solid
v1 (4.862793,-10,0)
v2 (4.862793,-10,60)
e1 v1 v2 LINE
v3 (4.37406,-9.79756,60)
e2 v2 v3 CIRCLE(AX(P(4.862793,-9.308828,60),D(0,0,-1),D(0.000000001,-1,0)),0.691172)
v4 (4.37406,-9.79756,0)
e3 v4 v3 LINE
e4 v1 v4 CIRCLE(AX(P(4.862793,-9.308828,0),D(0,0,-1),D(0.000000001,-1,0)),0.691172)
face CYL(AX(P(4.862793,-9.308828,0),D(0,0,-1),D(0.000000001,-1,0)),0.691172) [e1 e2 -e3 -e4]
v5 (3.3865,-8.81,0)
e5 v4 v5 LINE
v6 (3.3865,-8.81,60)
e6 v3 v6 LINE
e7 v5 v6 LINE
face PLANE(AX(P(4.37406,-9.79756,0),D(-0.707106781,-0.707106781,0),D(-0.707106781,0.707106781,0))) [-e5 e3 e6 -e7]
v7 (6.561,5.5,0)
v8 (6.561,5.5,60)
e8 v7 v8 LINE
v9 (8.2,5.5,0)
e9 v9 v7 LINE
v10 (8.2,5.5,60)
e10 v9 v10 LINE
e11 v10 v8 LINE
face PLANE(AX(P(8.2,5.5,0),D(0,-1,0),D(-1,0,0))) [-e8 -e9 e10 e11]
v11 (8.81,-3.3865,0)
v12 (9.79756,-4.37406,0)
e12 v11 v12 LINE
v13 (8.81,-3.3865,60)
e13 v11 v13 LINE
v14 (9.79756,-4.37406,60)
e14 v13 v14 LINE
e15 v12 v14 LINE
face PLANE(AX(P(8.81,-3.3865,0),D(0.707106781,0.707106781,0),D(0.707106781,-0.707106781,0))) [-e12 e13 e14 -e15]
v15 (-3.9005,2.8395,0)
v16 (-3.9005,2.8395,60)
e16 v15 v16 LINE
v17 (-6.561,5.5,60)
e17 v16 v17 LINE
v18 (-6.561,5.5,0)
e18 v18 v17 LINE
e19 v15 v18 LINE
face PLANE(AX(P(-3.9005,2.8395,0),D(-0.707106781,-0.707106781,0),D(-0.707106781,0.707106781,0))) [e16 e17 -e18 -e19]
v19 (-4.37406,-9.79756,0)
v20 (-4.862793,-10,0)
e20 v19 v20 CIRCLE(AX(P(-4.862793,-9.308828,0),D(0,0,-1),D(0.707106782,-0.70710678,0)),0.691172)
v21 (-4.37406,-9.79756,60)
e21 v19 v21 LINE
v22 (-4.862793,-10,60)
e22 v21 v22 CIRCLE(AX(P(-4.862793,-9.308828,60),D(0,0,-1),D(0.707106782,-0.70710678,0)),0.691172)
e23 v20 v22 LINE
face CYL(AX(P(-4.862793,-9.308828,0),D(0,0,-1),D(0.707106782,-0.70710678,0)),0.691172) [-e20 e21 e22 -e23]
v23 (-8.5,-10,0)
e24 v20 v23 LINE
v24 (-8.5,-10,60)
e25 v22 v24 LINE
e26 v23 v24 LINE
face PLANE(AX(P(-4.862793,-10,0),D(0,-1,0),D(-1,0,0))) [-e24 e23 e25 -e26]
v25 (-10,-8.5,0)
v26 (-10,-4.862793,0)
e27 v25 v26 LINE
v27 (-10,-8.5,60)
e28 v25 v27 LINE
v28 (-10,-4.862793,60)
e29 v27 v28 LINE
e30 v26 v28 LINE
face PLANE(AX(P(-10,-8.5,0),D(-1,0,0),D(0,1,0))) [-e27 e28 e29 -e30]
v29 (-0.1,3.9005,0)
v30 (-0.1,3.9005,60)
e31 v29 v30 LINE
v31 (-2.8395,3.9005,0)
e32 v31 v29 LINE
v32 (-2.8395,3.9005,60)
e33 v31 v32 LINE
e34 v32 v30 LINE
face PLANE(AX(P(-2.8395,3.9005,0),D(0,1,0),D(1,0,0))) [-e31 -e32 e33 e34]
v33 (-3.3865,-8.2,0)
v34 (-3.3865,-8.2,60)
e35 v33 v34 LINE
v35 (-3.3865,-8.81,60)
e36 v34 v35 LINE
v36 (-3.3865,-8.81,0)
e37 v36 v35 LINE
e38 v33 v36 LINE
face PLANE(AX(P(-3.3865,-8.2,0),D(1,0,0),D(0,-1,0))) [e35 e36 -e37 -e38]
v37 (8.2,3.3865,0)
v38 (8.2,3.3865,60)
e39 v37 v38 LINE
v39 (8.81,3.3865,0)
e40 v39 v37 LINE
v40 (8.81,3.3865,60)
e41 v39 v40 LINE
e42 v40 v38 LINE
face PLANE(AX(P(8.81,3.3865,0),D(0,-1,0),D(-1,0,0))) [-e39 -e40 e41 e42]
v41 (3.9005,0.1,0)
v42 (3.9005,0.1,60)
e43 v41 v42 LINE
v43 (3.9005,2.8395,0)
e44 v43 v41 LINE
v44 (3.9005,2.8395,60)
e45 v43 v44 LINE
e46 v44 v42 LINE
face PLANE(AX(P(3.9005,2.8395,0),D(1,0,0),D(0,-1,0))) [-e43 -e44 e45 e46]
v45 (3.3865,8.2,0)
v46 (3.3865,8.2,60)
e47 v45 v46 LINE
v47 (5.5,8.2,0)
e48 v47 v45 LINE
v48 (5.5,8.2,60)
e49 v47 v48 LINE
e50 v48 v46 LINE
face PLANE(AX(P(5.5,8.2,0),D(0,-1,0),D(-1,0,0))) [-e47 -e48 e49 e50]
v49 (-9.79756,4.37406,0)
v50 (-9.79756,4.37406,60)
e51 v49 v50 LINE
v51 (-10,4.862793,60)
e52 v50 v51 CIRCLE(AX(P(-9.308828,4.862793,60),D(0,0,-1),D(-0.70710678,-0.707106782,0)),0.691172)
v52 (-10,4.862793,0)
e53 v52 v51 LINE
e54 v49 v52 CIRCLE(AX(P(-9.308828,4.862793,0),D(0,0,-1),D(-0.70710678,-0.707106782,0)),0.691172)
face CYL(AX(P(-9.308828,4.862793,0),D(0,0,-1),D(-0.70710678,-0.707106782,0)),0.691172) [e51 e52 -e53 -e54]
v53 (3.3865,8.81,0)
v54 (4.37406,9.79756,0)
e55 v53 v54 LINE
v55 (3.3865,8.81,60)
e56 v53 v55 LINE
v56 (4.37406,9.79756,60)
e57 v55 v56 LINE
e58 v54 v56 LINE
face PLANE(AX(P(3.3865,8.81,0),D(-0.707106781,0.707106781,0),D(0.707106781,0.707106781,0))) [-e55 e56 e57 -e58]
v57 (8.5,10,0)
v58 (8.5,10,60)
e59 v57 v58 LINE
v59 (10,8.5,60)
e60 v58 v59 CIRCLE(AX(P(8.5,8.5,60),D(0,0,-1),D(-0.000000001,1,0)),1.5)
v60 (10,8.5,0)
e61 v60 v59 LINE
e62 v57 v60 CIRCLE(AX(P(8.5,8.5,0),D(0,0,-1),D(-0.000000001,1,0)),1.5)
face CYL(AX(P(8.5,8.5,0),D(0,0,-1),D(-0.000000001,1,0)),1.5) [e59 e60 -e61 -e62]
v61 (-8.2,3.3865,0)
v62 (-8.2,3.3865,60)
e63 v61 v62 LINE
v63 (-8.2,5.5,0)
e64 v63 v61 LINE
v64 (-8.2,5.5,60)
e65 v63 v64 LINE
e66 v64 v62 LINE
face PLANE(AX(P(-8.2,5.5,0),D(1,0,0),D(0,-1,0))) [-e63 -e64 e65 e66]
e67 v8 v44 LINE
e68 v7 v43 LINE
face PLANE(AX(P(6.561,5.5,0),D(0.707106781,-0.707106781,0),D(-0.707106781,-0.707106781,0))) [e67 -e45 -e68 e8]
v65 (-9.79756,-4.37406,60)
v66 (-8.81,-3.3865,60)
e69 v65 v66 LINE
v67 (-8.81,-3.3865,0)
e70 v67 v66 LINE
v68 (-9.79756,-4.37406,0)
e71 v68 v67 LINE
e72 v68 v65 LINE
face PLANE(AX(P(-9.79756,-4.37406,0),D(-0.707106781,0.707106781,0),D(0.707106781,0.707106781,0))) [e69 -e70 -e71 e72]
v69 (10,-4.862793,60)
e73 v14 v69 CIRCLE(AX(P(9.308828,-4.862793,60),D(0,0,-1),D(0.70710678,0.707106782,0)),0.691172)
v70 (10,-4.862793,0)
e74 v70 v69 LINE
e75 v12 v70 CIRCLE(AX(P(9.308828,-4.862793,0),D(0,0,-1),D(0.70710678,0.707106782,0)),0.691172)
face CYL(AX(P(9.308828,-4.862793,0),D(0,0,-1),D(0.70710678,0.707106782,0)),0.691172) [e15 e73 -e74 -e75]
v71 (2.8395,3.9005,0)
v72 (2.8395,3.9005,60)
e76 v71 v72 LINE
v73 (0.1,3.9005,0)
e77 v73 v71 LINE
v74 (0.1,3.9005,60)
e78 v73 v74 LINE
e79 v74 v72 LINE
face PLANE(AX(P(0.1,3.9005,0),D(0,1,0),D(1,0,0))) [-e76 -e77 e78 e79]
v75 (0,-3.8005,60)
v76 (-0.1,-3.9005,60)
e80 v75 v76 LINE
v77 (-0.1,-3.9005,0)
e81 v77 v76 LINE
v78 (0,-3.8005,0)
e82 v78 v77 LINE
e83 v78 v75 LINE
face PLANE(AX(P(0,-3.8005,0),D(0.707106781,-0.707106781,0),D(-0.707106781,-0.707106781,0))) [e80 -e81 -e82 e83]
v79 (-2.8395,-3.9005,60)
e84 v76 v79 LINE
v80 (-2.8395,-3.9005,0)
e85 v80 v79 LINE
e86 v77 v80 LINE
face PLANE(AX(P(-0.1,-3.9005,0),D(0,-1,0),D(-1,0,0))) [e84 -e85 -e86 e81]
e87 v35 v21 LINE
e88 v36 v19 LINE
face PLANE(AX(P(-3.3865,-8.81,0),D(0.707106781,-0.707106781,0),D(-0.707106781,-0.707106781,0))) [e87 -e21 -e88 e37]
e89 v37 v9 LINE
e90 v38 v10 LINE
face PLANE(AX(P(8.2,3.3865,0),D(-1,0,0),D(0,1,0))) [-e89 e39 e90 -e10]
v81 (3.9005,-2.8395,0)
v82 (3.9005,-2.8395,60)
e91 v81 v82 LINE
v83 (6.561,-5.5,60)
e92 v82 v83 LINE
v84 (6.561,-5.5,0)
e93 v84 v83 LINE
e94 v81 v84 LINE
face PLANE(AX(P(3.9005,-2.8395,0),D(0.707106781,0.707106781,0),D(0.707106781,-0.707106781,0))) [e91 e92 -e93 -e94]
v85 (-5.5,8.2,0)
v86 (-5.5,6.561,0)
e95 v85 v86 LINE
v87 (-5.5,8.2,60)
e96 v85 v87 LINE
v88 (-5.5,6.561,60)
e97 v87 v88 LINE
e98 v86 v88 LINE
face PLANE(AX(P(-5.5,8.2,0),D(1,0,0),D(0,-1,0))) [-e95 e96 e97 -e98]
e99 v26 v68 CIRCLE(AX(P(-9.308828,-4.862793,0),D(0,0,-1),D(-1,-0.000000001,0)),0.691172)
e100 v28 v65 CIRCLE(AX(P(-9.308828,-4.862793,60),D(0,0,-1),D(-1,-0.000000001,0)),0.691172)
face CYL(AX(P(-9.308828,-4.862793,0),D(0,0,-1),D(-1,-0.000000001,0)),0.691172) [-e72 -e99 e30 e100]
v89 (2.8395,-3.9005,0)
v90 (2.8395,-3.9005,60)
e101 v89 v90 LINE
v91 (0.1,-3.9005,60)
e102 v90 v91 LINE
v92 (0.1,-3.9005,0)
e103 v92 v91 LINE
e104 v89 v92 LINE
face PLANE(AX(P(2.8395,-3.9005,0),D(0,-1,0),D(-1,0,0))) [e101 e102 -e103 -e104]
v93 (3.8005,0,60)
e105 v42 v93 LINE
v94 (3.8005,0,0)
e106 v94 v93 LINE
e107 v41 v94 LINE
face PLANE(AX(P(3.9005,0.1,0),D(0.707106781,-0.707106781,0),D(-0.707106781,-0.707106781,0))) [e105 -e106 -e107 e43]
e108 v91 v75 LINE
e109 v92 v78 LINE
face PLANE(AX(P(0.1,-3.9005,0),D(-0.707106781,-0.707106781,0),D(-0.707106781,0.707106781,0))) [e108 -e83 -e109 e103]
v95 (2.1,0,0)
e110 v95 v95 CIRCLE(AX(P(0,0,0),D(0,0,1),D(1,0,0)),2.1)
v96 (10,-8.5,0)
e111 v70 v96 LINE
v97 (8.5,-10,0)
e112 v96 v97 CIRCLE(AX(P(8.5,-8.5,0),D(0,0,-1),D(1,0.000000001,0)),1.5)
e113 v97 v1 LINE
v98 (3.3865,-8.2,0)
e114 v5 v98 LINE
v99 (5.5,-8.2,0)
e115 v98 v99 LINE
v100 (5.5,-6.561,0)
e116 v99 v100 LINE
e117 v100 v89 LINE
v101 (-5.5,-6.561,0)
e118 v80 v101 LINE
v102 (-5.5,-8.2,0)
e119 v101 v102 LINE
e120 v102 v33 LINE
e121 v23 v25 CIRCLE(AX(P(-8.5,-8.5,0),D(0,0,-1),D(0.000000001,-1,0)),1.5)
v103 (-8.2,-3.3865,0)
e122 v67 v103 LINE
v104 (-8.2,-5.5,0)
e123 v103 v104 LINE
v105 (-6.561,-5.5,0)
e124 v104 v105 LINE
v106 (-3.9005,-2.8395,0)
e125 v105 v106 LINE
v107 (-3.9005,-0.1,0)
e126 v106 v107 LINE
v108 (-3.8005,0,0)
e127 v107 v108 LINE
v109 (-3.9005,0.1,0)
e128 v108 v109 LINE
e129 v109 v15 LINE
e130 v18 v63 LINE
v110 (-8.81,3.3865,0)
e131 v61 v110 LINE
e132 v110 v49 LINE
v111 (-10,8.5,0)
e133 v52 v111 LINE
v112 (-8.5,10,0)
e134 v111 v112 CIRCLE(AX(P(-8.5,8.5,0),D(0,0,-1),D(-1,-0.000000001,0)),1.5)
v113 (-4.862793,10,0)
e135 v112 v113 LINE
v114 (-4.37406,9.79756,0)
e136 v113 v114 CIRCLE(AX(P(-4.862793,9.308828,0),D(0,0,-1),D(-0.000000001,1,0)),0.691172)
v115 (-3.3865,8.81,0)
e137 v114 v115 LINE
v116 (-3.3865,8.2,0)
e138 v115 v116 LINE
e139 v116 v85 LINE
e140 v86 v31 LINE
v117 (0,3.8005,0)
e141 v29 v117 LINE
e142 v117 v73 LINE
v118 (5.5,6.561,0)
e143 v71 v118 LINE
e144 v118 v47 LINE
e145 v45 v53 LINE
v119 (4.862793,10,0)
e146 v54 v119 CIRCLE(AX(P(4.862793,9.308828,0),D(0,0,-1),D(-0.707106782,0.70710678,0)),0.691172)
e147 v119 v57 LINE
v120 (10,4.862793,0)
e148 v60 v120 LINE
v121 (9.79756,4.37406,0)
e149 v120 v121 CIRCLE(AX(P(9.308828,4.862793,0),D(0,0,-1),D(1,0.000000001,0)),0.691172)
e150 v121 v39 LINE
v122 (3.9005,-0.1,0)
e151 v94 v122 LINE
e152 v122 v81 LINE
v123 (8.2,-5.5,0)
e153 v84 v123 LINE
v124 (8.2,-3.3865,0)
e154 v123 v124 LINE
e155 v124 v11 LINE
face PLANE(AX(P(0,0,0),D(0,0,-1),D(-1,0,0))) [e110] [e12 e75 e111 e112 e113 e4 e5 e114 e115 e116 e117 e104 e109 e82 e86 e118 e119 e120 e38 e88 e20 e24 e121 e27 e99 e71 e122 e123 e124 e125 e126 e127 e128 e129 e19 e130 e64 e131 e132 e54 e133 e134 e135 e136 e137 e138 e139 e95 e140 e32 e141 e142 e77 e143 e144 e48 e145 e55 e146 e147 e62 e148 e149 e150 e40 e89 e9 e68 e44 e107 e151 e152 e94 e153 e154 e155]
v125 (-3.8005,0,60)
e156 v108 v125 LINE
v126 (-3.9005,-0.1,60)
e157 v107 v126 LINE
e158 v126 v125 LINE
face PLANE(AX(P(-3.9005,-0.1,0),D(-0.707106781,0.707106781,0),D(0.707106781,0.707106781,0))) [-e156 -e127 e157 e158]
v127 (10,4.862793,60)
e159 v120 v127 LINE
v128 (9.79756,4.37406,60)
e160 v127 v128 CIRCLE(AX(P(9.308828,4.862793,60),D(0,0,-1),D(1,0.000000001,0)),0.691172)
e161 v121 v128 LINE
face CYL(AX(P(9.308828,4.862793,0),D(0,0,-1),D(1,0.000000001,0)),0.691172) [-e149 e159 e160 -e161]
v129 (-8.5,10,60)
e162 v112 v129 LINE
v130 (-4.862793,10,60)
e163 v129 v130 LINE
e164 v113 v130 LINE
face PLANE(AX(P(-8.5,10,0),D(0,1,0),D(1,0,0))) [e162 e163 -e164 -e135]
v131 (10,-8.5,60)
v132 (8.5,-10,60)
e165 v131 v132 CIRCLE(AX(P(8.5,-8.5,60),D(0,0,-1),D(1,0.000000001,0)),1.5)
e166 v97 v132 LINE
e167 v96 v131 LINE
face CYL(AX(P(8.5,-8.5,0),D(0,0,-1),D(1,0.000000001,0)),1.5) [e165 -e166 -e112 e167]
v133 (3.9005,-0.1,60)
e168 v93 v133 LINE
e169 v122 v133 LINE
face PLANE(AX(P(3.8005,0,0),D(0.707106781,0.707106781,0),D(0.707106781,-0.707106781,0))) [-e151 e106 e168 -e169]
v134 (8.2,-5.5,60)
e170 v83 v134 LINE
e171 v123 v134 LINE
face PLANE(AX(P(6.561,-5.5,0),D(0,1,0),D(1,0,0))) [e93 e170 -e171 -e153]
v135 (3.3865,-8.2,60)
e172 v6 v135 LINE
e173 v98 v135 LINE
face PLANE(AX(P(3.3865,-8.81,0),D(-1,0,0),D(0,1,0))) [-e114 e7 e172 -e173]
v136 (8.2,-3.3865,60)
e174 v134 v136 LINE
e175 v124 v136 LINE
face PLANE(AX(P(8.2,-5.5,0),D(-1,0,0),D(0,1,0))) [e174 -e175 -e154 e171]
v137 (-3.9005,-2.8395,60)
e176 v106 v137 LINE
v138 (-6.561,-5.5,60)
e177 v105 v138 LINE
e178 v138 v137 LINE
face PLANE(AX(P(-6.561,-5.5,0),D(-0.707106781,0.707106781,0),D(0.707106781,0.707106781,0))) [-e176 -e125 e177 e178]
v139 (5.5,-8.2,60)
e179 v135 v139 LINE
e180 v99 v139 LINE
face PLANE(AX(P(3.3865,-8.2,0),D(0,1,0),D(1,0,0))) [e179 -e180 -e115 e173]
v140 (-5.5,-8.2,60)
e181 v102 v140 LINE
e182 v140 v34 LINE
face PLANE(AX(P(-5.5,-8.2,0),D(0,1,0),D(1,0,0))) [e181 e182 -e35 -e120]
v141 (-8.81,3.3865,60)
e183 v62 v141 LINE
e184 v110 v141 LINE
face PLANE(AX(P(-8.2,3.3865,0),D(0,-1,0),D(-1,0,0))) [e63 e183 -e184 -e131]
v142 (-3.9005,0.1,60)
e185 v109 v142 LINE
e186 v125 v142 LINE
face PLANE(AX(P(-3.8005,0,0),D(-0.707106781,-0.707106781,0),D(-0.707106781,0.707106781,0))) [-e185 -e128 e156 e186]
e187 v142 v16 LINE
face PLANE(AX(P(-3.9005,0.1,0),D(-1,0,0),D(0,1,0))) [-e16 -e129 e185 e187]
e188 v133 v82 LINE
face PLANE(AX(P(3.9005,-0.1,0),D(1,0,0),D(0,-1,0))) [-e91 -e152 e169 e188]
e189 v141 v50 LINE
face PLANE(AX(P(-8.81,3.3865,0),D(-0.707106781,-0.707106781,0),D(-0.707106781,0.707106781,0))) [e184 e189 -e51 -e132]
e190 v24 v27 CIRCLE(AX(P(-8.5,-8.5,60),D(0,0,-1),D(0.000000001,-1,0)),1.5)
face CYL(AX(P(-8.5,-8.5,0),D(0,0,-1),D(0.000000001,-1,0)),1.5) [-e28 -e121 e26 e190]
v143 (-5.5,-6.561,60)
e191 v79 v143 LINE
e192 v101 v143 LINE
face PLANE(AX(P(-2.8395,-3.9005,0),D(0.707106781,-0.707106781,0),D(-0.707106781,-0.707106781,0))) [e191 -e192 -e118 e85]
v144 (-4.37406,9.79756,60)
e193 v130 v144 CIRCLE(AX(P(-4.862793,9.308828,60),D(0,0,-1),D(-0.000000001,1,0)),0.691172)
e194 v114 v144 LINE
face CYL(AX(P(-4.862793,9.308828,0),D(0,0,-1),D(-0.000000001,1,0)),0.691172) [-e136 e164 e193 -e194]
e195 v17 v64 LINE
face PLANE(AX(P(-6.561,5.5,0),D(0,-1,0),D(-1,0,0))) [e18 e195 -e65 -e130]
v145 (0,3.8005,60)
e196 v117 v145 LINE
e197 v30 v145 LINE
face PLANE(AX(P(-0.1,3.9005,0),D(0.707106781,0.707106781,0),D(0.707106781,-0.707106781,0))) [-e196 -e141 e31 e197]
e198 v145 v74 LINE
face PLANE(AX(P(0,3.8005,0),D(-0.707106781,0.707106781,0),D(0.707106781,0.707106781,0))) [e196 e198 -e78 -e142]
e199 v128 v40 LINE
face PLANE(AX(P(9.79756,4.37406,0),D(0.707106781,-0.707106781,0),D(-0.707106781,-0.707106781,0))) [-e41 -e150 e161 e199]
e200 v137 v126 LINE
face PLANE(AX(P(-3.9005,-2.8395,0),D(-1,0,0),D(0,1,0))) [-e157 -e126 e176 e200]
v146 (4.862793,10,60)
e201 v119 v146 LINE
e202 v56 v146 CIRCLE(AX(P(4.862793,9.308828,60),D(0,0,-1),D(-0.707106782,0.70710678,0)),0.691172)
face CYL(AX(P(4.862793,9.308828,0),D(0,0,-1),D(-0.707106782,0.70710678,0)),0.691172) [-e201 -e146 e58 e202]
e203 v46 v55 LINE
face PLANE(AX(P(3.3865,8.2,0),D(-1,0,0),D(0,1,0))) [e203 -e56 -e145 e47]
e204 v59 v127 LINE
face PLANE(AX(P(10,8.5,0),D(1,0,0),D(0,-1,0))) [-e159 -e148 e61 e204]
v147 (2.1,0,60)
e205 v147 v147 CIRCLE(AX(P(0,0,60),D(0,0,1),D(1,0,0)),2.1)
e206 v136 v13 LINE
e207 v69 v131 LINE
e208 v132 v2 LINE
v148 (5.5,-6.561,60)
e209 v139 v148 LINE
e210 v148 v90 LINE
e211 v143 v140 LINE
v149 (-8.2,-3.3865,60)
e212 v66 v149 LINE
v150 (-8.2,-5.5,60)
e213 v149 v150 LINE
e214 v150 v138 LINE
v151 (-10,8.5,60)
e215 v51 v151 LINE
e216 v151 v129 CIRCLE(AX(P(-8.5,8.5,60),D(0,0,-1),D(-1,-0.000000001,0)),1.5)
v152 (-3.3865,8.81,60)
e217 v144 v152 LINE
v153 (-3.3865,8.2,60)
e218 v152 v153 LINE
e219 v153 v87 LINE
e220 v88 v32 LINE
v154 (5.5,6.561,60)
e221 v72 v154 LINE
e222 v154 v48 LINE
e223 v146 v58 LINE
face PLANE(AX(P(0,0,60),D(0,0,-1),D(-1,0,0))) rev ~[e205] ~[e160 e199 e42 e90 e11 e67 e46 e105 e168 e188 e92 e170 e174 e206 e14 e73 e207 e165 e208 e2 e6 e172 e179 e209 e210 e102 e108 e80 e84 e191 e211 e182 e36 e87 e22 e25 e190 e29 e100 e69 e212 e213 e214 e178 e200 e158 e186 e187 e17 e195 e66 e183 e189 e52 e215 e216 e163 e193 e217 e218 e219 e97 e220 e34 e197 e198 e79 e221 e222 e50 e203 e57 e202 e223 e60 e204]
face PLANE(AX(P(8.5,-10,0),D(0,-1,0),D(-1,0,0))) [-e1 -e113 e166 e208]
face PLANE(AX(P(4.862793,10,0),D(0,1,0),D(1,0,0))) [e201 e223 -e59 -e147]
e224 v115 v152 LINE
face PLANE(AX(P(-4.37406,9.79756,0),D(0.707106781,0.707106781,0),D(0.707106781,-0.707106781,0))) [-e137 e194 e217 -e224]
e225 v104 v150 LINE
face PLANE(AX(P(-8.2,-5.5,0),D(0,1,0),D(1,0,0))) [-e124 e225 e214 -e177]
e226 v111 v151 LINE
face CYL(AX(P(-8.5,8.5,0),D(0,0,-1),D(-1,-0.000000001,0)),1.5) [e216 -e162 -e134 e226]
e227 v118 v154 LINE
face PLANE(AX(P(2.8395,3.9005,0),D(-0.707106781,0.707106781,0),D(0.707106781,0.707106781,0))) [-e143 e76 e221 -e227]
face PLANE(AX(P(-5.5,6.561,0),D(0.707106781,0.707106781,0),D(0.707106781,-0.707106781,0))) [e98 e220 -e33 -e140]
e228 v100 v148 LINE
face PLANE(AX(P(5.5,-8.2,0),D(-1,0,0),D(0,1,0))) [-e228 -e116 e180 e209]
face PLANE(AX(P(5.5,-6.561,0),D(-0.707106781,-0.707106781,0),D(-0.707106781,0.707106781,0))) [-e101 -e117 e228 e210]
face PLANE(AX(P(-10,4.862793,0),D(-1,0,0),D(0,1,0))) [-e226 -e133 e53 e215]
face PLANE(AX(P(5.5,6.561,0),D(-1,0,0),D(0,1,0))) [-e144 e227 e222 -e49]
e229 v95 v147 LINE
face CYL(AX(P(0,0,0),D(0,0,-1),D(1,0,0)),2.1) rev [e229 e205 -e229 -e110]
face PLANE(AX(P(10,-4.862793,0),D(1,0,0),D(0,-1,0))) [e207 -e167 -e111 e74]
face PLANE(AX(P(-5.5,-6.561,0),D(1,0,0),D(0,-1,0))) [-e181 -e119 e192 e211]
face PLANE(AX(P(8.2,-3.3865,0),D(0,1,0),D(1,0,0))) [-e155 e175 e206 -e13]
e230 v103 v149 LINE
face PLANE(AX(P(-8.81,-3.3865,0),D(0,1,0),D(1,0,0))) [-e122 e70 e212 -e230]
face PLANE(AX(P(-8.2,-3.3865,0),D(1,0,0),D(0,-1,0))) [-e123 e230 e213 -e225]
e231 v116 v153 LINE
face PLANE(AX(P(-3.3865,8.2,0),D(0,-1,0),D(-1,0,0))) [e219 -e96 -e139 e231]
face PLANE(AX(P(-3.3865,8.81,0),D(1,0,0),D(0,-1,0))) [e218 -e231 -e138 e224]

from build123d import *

# Parameters (mm, degrees)
SKETCH1_R           = 2.1
BOSS_EXTRUDE1_DEPTH = 60


with BuildPart() as part:
    # Sketch1 → Boss-Extrude1 (new body)
    with BuildSketch(Plane.XY):
        with BuildLine():
            Line((-8.5, 10), (-4.862792737, 10))
            ThreePointArc((-4.862792737, 10), (-4.598292737, 9.947387679), (-4.374060464, 9.797560464))
            Line((-4.374060464, 9.797560464), (-3.3865, 8.81))
            Line((-3.3865, 8.81), (-3.3865, 8.2))
            Line((-3.3865, 8.2), (-5.5, 8.2))
            Line((-5.5, 8.2), (-5.5, 6.561))
            Line((-5.5, 6.561), (-2.8395, 3.9005))
            Line((-2.8395, 3.9005), (-0.1, 3.9005))
            Line((-0.1, 3.9005), (0, 3.8005))
            Line((0, 3.8005), (0.1, 3.9005))
            Line((0.1, 3.9005), (2.8395, 3.9005))
            Line((2.8395, 3.9005), (5.5, 6.561))
            Line((5.5, 6.561), (5.5, 8.2))
            Line((5.5, 8.2), (3.3865, 8.2))
            Line((3.3865, 8.2), (3.3865, 8.81))
            Line((3.3865, 8.81), (4.374060464, 9.797560464))
            ThreePointArc((4.374060464, 9.797560464), (4.598292737, 9.947387679), (4.862792737, 10))
            Line((4.862792737, 10), (8.5, 10))
            ThreePointArc((8.5, 10), (9.560660172, 9.560660172), (10, 8.5))
            Line((10, 8.5), (10, 4.862792737))
            ThreePointArc((10, 4.862792737), (9.947387679, 4.598292737), (9.797560464, 4.374060464))
            Line((9.797560464, 4.374060464), (8.81, 3.3865))
            Line((8.81, 3.3865), (8.2, 3.3865))
            Line((8.2, 3.3865), (8.2, 5.5))
            Line((8.2, 5.5), (6.561, 5.5))
            Line((6.561, 5.5), (3.9005, 2.8395))
            Line((3.9005, 2.8395), (3.9005, 0.1))
            Line((3.9005, 0.1), (3.8005, 0))
            Line((3.8005, 0), (3.9005, -0.1))
            Line((3.9005, -0.1), (3.9005, -2.8395))
            Line((3.9005, -2.8395), (6.561, -5.5))
            Line((6.561, -5.5), (8.2, -5.5))
            Line((8.2, -5.5), (8.2, -3.3865))
            Line((8.2, -3.3865), (8.81, -3.3865))
            Line((8.81, -3.3865), (9.797560464, -4.374060464))
            ThreePointArc((9.797560464, -4.374060464), (9.947387679, -4.598292737), (10, -4.862792737))
            Line((10, -4.862792737), (10, -8.5))
            ThreePointArc((10, -8.5), (9.560660172, -9.560660172), (8.5, -10))
            Line((8.5, -10), (4.862792737, -10))
            ThreePointArc((4.862792737, -10), (4.598292737, -9.947387679), (4.374060464, -9.797560464))
            Line((4.374060464, -9.797560464), (3.3865, -8.81))
            Line((3.3865, -8.81), (3.3865, -8.2))
            Line((3.3865, -8.2), (5.5, -8.2))
            Line((5.5, -8.2), (5.5, -6.561))
            Line((5.5, -6.561), (2.8395, -3.9005))
            Line((2.8395, -3.9005), (0.1, -3.9005))
            Line((0.1, -3.9005), (0, -3.8005))
            Line((0, -3.8005), (-0.1, -3.9005))
            Line((-0.1, -3.9005), (-2.8395, -3.9005))
            Line((-2.8395, -3.9005), (-5.5, -6.561))
            Line((-5.5, -6.561), (-5.5, -8.2))
            Line((-5.5, -8.2), (-3.3865, -8.2))
            Line((-3.3865, -8.2), (-3.3865, -8.81))
            Line((-3.3865, -8.81), (-4.374060464, -9.797560464))
            ThreePointArc((-4.374060464, -9.797560464), (-4.598292737, -9.947387679), (-4.862792737, -10))
            Line((-4.862792737, -10), (-8.5, -10))
            ThreePointArc((-8.5, -10), (-9.560660172, -9.560660172), (-10, -8.5))
            Line((-10, -8.5), (-10, -4.862792737))
            ThreePointArc((-10, -4.862792737), (-9.947387679, -4.598292737), (-9.797560464, -4.374060464))
            Line((-9.797560464, -4.374060464), (-8.81, -3.3865))
            Line((-8.81, -3.3865), (-8.2, -3.3865))
            Line((-8.2, -3.3865), (-8.2, -5.5))
            Line((-8.2, -5.5), (-6.561, -5.5))
            Line((-6.561, -5.5), (-3.9005, -2.8395))
            Line((-3.9005, -2.8395), (-3.9005, -0.1))
            Line((-3.9005, -0.1), (-3.8005, 0))
            Line((-3.8005, 0), (-3.9005, 0.1))
            Line((-3.9005, 0.1), (-3.9005, 2.8395))
            Line((-3.9005, 2.8395), (-6.561, 5.5))
            Line((-6.561, 5.5), (-8.2, 5.5))
            Line((-8.2, 5.5), (-8.2, 3.3865))
            Line((-8.2, 3.3865), (-8.81, 3.3865))
            Line((-8.81, 3.3865), (-9.797560464, 4.374060464))
            ThreePointArc((-9.797560464, 4.374060464), (-9.947387679, 4.598292737), (-10, 4.862792737))
            Line((-10, 4.862792737), (-10, 8.5))
            ThreePointArc((-10, 8.5), (-9.560660172, 9.560660172), (-8.5, 10))
        make_face()
        Circle(SKETCH1_R, mode=Mode.SUBTRACT)
    extrude(amount=BOSS_EXTRUDE1_DEPTH)


solid = part.part
